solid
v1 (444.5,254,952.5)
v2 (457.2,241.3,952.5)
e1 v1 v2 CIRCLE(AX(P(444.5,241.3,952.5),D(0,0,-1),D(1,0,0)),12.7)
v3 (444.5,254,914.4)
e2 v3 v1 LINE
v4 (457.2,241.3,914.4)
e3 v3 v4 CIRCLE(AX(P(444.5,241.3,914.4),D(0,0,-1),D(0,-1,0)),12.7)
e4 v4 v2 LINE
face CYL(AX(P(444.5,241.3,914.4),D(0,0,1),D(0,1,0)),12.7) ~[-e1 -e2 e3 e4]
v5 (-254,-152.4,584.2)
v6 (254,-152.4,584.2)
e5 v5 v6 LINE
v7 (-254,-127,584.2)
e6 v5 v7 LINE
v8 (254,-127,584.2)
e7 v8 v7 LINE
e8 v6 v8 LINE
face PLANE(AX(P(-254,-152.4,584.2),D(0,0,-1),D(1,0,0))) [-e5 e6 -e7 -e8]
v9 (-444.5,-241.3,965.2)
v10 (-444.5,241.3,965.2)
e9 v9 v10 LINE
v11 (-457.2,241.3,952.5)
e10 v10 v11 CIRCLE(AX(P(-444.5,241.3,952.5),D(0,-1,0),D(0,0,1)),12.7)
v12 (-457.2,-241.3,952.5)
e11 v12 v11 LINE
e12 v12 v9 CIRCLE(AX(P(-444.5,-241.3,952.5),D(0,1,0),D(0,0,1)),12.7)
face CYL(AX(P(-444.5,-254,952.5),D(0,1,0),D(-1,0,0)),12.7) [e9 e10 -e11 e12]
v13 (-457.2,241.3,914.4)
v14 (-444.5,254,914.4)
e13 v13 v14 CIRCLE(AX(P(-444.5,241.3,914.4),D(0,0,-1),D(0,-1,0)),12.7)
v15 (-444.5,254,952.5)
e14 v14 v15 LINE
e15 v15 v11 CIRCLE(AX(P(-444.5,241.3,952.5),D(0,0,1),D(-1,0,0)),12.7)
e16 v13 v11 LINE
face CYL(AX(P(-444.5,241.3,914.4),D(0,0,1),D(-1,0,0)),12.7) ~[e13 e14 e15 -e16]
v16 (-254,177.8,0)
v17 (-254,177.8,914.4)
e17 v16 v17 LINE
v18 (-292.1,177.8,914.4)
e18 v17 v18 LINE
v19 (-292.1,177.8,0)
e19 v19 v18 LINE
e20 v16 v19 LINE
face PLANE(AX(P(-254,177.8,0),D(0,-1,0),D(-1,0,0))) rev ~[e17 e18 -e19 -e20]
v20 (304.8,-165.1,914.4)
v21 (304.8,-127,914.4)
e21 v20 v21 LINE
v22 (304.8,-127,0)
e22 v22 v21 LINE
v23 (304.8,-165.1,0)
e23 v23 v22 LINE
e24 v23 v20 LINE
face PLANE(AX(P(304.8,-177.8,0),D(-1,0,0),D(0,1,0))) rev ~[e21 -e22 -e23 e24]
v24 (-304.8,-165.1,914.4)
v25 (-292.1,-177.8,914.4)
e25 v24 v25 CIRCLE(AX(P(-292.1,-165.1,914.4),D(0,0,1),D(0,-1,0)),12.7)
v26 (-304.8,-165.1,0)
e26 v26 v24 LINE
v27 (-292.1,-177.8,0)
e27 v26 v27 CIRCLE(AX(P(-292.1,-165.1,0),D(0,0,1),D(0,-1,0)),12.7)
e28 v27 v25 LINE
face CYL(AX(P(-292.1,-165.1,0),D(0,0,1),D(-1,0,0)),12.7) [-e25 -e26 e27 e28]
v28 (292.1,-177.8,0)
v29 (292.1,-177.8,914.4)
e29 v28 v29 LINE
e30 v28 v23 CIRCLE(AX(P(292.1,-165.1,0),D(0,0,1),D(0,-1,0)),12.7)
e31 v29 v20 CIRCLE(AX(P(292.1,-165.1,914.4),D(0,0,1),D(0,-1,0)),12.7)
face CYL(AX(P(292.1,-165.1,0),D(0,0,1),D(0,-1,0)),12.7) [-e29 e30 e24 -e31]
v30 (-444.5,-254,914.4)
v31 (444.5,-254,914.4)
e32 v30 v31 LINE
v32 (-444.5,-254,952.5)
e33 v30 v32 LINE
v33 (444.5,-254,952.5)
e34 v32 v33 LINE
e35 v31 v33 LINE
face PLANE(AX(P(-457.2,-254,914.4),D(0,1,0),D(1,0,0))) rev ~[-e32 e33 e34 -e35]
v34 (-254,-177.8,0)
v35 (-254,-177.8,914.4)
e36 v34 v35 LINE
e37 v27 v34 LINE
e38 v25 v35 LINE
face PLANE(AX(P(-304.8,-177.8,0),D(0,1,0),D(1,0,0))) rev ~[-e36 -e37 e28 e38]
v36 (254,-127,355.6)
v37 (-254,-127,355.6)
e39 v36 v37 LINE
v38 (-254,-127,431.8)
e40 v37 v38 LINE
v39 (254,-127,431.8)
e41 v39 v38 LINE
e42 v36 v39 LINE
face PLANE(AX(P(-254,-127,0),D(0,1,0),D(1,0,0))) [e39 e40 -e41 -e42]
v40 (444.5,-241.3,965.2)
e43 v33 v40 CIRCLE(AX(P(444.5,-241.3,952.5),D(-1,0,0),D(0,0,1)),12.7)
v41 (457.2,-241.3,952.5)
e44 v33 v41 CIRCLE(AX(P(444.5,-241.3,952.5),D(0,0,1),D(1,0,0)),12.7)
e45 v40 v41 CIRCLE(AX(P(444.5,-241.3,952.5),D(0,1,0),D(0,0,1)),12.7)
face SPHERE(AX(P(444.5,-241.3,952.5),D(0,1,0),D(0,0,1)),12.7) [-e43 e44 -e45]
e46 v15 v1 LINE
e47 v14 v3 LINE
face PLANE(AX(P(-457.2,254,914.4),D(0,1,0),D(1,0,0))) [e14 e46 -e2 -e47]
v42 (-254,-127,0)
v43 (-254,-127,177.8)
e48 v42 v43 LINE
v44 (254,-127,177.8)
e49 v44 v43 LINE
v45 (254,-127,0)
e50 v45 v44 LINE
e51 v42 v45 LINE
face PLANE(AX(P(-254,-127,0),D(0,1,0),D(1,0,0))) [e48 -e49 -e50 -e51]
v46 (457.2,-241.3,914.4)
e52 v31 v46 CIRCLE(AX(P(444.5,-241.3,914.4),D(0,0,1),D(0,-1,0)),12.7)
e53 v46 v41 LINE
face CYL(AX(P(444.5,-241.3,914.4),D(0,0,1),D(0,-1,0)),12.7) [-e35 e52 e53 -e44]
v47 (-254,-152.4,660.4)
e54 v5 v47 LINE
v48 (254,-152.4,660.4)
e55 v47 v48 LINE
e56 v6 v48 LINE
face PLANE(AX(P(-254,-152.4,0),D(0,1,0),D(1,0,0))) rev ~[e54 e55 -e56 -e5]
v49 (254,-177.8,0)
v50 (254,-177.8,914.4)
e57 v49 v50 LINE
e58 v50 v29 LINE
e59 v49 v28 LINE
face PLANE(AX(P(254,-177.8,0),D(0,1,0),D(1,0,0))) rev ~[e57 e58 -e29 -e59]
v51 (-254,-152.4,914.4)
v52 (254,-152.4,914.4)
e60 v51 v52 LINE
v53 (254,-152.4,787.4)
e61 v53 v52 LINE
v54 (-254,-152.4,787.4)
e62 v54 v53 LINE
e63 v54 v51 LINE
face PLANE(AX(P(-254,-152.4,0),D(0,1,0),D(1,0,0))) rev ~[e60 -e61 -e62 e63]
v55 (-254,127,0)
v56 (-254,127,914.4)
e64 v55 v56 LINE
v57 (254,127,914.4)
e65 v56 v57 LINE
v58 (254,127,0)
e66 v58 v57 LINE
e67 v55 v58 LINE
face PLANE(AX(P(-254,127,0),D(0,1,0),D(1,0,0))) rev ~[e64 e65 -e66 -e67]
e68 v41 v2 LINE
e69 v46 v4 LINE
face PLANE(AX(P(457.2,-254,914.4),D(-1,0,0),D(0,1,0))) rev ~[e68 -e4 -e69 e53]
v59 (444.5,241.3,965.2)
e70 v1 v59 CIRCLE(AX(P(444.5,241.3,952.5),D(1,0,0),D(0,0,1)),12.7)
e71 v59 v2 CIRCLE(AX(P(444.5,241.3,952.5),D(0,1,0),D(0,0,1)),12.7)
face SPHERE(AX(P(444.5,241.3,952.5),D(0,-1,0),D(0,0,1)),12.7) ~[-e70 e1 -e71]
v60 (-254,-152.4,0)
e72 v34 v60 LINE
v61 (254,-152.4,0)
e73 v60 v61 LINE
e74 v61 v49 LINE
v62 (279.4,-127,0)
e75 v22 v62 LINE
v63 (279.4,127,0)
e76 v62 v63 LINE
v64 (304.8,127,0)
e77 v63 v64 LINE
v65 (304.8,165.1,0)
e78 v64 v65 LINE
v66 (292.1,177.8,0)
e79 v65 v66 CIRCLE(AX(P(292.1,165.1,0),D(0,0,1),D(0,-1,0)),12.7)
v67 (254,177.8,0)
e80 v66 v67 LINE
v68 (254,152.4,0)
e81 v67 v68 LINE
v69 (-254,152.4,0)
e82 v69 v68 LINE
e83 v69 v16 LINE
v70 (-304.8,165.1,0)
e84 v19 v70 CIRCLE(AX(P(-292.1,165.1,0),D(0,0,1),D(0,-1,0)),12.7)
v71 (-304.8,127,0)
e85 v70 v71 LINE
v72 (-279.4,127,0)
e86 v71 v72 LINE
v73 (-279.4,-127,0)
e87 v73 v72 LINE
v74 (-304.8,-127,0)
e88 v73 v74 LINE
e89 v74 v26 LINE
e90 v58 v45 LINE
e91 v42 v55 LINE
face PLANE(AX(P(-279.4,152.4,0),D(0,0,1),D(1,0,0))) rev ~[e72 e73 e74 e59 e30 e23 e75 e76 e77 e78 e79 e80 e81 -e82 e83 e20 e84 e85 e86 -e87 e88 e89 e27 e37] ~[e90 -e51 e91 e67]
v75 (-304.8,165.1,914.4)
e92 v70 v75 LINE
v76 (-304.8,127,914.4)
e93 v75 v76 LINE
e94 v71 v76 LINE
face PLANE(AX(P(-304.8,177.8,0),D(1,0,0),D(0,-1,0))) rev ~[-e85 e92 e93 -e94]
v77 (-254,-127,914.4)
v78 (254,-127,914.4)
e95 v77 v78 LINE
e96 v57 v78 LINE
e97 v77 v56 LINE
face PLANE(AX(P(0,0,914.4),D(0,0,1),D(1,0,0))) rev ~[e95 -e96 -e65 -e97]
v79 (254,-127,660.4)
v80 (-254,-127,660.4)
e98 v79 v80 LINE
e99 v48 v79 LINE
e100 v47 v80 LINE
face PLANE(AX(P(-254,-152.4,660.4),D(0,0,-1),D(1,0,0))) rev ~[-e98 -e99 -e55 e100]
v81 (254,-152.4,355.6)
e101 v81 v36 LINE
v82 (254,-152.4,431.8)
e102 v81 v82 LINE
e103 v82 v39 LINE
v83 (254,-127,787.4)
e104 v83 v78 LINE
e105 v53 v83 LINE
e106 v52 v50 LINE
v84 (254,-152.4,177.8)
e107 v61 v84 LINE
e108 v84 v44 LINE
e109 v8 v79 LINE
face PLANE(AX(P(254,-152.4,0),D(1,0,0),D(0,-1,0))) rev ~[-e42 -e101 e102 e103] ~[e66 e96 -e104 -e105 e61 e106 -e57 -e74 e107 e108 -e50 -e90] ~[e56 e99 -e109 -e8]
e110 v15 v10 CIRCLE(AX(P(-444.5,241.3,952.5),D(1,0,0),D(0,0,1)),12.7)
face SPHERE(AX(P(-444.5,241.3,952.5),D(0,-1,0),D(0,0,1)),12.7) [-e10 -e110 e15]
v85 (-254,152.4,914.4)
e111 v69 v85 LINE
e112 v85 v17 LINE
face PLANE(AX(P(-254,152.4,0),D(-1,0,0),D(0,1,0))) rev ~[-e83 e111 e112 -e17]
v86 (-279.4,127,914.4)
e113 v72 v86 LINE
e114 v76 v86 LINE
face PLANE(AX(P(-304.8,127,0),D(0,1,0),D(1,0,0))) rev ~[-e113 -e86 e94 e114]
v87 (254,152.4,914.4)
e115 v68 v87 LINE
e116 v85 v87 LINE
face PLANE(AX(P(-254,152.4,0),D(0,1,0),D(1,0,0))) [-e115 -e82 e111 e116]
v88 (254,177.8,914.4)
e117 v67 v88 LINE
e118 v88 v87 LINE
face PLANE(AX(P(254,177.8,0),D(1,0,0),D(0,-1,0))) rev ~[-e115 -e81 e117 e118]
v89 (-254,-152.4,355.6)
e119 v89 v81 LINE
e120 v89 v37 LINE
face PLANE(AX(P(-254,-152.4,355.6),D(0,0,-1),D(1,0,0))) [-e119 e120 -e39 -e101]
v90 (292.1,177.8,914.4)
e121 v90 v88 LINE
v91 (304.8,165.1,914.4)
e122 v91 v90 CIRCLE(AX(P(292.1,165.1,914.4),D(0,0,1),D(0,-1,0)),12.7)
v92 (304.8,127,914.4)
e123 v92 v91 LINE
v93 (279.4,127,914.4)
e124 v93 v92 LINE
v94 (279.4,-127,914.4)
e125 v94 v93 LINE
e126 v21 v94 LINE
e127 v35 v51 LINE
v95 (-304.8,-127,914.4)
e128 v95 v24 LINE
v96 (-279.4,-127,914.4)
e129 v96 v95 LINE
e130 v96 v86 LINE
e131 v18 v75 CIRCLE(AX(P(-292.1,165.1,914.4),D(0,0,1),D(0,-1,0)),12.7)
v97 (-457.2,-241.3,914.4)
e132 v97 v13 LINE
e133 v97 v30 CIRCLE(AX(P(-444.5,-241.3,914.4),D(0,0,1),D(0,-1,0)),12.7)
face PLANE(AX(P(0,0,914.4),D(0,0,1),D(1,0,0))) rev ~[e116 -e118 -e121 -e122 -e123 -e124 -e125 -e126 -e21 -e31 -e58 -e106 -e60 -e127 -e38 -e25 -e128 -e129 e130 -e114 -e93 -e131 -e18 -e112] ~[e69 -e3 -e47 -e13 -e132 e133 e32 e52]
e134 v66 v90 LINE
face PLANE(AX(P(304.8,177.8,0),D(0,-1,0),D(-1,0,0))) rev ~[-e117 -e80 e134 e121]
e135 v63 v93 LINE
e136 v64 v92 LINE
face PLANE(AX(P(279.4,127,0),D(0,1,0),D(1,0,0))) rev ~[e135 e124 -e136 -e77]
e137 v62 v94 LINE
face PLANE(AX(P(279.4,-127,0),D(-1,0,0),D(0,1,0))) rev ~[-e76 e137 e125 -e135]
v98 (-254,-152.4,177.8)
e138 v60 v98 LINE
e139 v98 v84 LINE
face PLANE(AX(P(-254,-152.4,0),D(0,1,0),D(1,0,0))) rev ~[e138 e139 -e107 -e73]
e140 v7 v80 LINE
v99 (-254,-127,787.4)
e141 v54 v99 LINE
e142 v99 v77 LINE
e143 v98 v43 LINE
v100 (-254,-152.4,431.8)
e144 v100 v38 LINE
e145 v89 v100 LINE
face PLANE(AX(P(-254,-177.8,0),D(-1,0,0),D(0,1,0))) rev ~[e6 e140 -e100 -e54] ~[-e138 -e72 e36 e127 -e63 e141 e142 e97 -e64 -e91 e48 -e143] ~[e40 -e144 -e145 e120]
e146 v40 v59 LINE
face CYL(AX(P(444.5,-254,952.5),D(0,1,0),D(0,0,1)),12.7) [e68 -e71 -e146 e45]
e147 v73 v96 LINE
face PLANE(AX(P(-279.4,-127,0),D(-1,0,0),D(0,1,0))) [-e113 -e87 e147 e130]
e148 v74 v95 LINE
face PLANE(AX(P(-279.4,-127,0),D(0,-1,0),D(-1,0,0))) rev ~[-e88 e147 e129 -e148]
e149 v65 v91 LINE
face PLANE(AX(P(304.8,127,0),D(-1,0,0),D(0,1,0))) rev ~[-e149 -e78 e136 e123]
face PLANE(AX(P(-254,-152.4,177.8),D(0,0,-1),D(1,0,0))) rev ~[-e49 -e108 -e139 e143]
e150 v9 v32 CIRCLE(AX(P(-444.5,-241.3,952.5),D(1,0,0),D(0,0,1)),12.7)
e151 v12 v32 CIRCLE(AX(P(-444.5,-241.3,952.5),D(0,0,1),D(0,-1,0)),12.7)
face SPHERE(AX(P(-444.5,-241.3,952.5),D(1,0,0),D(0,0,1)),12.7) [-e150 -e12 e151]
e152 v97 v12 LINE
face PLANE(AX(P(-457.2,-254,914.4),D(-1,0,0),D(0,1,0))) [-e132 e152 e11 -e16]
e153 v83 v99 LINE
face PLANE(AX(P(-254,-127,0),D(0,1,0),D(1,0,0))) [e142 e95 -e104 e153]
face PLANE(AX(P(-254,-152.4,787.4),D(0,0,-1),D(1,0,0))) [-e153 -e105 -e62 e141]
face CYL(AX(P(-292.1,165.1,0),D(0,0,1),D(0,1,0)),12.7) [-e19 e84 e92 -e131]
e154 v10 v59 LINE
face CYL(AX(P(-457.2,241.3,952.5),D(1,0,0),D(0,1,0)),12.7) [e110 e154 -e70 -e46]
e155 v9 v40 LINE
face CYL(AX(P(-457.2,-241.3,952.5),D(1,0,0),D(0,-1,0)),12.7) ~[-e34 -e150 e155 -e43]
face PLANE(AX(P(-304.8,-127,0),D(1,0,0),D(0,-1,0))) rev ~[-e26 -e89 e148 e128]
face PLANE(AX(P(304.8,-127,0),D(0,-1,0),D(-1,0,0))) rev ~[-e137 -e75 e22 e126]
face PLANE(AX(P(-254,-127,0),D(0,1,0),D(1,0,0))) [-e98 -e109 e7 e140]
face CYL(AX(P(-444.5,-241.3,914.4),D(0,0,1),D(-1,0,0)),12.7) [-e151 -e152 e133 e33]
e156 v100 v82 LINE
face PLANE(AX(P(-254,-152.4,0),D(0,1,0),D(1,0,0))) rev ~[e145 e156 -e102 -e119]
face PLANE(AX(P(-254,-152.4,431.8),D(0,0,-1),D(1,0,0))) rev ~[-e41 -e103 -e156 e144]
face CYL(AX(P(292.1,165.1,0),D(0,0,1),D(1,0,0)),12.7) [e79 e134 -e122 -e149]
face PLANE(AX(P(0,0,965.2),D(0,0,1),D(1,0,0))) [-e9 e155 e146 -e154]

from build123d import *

# Parameters (mm, degrees)
F0_W     = 25.4
F0_H     = 254
F0_W_2   = 508
F0_H_2   = 25.4
F1_DEPTH = 914.4
F2_W     = 914.4
F2_H     = 508
F3_DEPTH = 50.8
F4_W     = 508
F4_H     = 127
F4_H_2   = 152.4
F4_H_3   = 177.8
F5_DEPTH = 127
F6_R     = 12.7


with BuildPart() as f1:
    # F0 (on Top) → F1 (new body)
    with BuildSketch(Plane.XY):
        Polygon((-279.4, 127), (-254, 127), (-254, 152.4), (-254, 177.8), (-304.8, 177.8), (-304.8, 127), align=None)
        Polygon((-254, -177.8), (-254, -152.4), (-254, -127), (-279.4, -127), (-304.8, -127), (-304.8, -177.8), align=None)
        Polygon((254, -152.4), (254, -177.8), (304.8, -177.8), (304.8, -127), (279.4, -127), (254, -127), align=None)
        Polygon((254, 152.4), (254, 127), (279.4, 127), (304.8, 127), (304.8, 177.8), (254, 177.8), align=None)
        with Locations((-266.7, 0)):
            Rectangle(F0_W, F0_H)
        with Locations((0, 139.7)):
            Rectangle(F0_W_2, F0_H_2)
        with Locations((266.7, 0)):
            Rectangle(F0_W, F0_H)
        with Locations((0, -139.7)):
            Rectangle(F0_W_2, F0_H_2)
    extrude(amount=F1_DEPTH)

    # F2 (on face) → F3 (join)
    with BuildSketch(Plane.XY.offset(914.4)):
        Rectangle(F2_W, F2_H)
    extrude(amount=F3_DEPTH)

    # F4 (on face) → F5 (cut)
    with BuildSketch(Plane.XZ.offset(152.4)):
        with Locations((0, 723.9)):
            Rectangle(F4_W, F4_H)
        with Locations((0, 508)):
            Rectangle(F4_W, F4_H_2)
        with Locations((0, 266.7)):
            Rectangle(F4_W, F4_H_3)
    extrude(amount=-F5_DEPTH, mode=Mode.SUBTRACT)

    # F6
    f6_edges = [f1.edges().sort_by_distance(p)[0] for p in [
        (457.2, 0, 965.2),
        (0, -254, 965.2),
        (-457.2, 0, 965.2),
        (0, 254, 965.2),
        (457.2, -254, 939.8),
        (-457.2, -254, 939.8),
        (457.2, 254, 939.8),
        (-457.2, 254, 939.8),
        (304.8, -177.8, 457.2),
        (-304.8, -177.8, 457.2),
        (304.8, 177.8, 457.2),
        (-304.8, 177.8, 457.2),
    ]]
    fillet(f6_edges, radius=F6_R)


solid = f1.part
